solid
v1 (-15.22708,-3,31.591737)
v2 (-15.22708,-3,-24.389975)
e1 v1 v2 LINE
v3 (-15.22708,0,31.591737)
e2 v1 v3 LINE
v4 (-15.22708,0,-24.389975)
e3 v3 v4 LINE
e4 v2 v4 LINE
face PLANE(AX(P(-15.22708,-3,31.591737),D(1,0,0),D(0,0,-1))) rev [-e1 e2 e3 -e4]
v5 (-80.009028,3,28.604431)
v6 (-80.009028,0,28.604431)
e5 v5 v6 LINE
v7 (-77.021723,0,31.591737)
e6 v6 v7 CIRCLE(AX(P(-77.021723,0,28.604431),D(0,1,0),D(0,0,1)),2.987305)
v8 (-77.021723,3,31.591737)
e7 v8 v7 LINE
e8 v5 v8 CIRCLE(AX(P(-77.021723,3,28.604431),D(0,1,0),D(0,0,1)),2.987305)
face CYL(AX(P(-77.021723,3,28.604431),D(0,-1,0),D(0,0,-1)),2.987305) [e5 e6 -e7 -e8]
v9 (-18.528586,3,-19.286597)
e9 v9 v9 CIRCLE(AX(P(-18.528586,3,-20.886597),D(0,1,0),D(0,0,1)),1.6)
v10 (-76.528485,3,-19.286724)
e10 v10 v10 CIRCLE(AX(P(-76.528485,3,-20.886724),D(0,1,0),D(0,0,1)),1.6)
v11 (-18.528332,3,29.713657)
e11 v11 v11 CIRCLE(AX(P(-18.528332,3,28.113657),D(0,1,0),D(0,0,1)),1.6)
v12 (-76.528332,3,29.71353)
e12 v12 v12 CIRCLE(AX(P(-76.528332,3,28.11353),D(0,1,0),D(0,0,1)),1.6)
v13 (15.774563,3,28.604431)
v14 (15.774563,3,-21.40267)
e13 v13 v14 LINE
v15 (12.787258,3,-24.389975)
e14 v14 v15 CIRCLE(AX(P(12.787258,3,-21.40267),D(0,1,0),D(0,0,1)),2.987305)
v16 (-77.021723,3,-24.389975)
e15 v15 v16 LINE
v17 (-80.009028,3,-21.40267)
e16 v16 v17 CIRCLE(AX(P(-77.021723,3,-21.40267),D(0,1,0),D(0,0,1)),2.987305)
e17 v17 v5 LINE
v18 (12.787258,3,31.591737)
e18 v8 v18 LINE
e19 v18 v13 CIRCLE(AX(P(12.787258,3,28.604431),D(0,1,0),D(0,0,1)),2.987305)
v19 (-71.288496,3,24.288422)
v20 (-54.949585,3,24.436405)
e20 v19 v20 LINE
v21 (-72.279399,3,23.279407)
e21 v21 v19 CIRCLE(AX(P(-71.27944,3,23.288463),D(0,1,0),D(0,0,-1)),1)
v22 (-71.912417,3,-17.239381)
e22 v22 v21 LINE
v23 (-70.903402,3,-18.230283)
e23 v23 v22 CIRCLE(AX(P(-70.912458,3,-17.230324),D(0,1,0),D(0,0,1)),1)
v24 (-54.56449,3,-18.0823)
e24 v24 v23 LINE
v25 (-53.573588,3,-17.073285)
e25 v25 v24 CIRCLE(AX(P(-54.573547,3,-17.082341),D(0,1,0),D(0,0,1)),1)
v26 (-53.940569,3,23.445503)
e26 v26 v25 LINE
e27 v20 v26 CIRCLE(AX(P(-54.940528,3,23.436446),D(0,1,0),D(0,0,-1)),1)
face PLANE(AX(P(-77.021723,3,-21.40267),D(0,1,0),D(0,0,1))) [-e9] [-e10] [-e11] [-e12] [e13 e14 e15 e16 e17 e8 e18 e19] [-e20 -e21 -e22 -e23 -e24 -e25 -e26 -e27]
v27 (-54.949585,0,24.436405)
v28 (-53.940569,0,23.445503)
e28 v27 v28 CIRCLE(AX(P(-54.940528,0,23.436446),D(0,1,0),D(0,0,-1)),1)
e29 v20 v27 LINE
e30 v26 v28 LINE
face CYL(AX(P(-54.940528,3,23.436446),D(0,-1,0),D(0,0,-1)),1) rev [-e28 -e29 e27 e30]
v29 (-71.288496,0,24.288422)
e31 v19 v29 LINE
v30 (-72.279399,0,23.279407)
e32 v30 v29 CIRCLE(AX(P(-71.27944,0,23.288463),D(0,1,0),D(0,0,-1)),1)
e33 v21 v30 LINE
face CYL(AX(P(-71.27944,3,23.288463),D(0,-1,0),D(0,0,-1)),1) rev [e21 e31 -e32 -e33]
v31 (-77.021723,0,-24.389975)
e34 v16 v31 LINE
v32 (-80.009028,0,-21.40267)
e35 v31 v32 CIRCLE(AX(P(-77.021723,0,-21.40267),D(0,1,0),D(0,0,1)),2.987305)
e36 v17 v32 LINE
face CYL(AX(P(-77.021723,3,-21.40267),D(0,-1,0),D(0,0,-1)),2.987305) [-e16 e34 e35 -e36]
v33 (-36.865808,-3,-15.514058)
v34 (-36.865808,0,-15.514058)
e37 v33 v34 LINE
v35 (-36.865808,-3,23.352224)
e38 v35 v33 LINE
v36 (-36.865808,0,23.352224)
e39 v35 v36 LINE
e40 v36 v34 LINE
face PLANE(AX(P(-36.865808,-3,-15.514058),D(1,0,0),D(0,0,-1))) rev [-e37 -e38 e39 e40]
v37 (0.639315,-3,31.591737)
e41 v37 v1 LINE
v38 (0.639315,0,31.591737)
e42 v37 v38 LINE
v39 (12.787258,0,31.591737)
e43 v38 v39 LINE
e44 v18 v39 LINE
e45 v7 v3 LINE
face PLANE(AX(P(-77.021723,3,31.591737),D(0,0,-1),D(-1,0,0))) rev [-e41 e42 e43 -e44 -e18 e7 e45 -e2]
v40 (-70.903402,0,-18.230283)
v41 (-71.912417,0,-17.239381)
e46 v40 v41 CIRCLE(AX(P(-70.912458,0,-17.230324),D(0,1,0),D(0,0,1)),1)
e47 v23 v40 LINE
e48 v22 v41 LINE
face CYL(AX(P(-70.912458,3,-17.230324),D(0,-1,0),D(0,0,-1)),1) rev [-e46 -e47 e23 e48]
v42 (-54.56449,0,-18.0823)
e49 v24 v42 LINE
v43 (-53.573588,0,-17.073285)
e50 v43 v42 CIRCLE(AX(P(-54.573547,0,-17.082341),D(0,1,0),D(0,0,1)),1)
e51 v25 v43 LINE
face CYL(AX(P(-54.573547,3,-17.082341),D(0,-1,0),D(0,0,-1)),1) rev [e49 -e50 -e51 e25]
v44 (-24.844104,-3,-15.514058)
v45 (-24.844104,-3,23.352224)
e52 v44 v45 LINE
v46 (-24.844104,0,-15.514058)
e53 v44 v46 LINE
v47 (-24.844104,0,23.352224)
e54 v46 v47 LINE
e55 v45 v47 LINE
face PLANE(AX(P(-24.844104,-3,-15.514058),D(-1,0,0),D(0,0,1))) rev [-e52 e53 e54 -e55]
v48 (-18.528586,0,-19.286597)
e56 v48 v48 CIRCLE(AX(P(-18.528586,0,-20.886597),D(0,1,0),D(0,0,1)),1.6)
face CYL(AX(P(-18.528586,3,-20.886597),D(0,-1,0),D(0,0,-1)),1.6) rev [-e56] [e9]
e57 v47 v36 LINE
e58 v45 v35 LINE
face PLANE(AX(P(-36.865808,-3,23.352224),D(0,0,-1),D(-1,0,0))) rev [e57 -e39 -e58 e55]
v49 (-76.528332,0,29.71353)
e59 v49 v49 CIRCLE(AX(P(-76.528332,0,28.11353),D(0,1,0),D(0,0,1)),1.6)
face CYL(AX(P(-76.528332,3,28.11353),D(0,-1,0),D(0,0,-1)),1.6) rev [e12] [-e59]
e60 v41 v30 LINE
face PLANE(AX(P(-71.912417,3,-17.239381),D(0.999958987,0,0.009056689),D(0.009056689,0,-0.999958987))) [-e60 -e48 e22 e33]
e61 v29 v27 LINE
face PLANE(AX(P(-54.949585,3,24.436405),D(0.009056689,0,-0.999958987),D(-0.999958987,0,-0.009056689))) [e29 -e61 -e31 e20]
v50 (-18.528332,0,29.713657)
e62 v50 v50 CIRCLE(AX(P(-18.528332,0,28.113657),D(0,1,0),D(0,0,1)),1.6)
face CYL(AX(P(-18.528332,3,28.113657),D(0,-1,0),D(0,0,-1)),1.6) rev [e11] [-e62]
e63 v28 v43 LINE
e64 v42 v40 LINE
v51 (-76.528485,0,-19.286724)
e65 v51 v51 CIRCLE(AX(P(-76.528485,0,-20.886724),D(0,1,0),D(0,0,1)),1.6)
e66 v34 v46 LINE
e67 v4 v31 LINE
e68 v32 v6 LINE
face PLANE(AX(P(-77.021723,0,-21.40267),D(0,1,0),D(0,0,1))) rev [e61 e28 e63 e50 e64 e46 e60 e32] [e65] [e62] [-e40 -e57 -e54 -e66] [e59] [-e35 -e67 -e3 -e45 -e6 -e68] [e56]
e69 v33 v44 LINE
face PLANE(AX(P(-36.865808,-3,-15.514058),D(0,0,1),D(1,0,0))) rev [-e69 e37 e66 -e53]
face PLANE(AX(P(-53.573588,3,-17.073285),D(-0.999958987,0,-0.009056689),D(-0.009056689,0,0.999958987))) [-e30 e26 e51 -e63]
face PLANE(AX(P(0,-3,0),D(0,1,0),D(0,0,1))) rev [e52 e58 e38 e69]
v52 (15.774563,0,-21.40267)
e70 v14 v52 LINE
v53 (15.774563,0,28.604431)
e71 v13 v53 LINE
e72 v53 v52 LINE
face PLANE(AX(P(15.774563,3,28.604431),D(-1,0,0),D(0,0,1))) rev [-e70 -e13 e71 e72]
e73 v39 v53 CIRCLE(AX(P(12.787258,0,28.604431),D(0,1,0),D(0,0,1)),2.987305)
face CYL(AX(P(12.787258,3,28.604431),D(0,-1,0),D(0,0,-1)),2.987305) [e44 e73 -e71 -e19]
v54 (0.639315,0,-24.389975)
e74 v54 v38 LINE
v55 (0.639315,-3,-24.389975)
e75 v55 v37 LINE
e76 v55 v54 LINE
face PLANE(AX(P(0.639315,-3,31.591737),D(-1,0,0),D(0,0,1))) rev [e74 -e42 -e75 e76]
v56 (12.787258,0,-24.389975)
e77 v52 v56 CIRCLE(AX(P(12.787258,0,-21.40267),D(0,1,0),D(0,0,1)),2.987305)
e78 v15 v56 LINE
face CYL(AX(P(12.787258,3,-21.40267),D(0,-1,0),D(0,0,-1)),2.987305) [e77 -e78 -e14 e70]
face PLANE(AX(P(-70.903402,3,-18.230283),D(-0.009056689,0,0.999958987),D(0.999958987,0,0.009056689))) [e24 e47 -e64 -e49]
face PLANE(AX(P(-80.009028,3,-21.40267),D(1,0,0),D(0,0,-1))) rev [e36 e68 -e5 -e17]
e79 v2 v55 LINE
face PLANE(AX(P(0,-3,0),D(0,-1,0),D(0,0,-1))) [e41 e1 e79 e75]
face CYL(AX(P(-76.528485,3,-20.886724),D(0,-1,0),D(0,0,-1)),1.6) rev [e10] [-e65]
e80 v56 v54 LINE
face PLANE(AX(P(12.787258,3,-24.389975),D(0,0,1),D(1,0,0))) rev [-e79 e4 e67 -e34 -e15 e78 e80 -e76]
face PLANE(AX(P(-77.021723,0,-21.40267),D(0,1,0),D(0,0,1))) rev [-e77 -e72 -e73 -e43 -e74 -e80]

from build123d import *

# Parameters (mm, degrees)
SKETCH_1_R      = 1.6
EXTRUDE_1_DEPTH = 3
SKETCH_3_W      = 15.866394843
SKETCH_3_H      = 55.981711963
SKETCH_3_W_2    = 12.02170443
SKETCH_3_H_2    = 38.866282165
EXTRUDE_3_DEPTH = 3


with BuildPart() as part:
    # 草图1 → 凸台-拉伸1 (new body)
    with BuildSketch(Plane(origin=(0, 0, 0), x_dir=(1, 0, 0), z_dir=(0, 1, 0))):
        with BuildLine():
            Line((-80.009028181, 21.402670377), (-80.009028181, -28.604431477))
            ThreePointArc((-80.009028181, -28.604431477), (-79.134066788, -30.716775138), (-77.021723127, -31.591736531))
            Line((-77.021723127, -31.591736531), (12.787258331, -31.591736531))
            ThreePointArc((12.787258331, -31.591736531), (14.899601993, -30.716775138), (15.774563386, -28.604431477))
            Line((15.774563386, -28.604431477), (15.774563386, 21.402670377))
            ThreePointArc((15.774563386, 21.402670377), (14.899601993, 23.515014039), (12.787258331, 24.389975432))
            Line((12.787258331, 24.389975432), (-77.021723127, 24.389975432))
            ThreePointArc((-77.021723127, 24.389975432), (-79.134066788, 23.515014039), (-80.009028181, 21.402670377))
        make_face()
        with Locations(Location((-76.52848462, 20.886724226, 0), (0, 0, 270))):
            Circle(SKETCH_1_R, mode=Mode.SUBTRACT)
        with Locations(Location((-18.52858622, 20.886597225, 0), (0, 0, 270))):
            Circle(SKETCH_1_R, mode=Mode.SUBTRACT)
        with Locations(Location((-18.52833222, -28.113656775, 0), (0, 0, 270))):
            Circle(SKETCH_1_R, mode=Mode.SUBTRACT)
        with Locations(Location((-76.52833222, -28.113529775, 0), (0, 0, 270))):
            Circle(SKETCH_1_R, mode=Mode.SUBTRACT)
        with BuildLine():
            Line((-70.903401709, 18.230282987), (-54.564490165, 18.082300473))
            ThreePointArc((-54.564490165, 18.082300473), (-53.860065027, 17.78301522), (-53.573587867, 17.073284796))
            Line((-53.573587867, 17.073284796), (-53.940568984, -23.445502526))
            ThreePointArc((-53.940568984, -23.445502526), (-54.239854236, -24.149927664), (-54.94958466, -24.436404824))
            Line((-54.94958466, -24.436404824), (-71.288496204, -24.288422311))
            ThreePointArc((-71.288496204, -24.288422311), (-71.992921342, -23.989137058), (-72.279398502, -23.279406634))
            Line((-72.279398502, -23.279406634), (-71.912417386, 17.239380688))
            ThreePointArc((-71.912417386, 17.239380688), (-71.613132133, 17.943805826), (-70.903401709, 18.230282987))
        make_face(mode=Mode.SUBTRACT)
    extrude(amount=EXTRUDE_1_DEPTH)

    # 草图3 → 凸台-拉伸3 (add)
    with BuildSketch(Plane.XZ):
        with Locations((-7.293882236, 3.60088055)):
            Rectangle(SKETCH_3_W, SKETCH_3_H)
        with Locations((-30.854956036, 3.919082923)):
            Rectangle(SKETCH_3_W_2, SKETCH_3_H_2)
    extrude(amount=EXTRUDE_3_DEPTH)


solid = part.part
